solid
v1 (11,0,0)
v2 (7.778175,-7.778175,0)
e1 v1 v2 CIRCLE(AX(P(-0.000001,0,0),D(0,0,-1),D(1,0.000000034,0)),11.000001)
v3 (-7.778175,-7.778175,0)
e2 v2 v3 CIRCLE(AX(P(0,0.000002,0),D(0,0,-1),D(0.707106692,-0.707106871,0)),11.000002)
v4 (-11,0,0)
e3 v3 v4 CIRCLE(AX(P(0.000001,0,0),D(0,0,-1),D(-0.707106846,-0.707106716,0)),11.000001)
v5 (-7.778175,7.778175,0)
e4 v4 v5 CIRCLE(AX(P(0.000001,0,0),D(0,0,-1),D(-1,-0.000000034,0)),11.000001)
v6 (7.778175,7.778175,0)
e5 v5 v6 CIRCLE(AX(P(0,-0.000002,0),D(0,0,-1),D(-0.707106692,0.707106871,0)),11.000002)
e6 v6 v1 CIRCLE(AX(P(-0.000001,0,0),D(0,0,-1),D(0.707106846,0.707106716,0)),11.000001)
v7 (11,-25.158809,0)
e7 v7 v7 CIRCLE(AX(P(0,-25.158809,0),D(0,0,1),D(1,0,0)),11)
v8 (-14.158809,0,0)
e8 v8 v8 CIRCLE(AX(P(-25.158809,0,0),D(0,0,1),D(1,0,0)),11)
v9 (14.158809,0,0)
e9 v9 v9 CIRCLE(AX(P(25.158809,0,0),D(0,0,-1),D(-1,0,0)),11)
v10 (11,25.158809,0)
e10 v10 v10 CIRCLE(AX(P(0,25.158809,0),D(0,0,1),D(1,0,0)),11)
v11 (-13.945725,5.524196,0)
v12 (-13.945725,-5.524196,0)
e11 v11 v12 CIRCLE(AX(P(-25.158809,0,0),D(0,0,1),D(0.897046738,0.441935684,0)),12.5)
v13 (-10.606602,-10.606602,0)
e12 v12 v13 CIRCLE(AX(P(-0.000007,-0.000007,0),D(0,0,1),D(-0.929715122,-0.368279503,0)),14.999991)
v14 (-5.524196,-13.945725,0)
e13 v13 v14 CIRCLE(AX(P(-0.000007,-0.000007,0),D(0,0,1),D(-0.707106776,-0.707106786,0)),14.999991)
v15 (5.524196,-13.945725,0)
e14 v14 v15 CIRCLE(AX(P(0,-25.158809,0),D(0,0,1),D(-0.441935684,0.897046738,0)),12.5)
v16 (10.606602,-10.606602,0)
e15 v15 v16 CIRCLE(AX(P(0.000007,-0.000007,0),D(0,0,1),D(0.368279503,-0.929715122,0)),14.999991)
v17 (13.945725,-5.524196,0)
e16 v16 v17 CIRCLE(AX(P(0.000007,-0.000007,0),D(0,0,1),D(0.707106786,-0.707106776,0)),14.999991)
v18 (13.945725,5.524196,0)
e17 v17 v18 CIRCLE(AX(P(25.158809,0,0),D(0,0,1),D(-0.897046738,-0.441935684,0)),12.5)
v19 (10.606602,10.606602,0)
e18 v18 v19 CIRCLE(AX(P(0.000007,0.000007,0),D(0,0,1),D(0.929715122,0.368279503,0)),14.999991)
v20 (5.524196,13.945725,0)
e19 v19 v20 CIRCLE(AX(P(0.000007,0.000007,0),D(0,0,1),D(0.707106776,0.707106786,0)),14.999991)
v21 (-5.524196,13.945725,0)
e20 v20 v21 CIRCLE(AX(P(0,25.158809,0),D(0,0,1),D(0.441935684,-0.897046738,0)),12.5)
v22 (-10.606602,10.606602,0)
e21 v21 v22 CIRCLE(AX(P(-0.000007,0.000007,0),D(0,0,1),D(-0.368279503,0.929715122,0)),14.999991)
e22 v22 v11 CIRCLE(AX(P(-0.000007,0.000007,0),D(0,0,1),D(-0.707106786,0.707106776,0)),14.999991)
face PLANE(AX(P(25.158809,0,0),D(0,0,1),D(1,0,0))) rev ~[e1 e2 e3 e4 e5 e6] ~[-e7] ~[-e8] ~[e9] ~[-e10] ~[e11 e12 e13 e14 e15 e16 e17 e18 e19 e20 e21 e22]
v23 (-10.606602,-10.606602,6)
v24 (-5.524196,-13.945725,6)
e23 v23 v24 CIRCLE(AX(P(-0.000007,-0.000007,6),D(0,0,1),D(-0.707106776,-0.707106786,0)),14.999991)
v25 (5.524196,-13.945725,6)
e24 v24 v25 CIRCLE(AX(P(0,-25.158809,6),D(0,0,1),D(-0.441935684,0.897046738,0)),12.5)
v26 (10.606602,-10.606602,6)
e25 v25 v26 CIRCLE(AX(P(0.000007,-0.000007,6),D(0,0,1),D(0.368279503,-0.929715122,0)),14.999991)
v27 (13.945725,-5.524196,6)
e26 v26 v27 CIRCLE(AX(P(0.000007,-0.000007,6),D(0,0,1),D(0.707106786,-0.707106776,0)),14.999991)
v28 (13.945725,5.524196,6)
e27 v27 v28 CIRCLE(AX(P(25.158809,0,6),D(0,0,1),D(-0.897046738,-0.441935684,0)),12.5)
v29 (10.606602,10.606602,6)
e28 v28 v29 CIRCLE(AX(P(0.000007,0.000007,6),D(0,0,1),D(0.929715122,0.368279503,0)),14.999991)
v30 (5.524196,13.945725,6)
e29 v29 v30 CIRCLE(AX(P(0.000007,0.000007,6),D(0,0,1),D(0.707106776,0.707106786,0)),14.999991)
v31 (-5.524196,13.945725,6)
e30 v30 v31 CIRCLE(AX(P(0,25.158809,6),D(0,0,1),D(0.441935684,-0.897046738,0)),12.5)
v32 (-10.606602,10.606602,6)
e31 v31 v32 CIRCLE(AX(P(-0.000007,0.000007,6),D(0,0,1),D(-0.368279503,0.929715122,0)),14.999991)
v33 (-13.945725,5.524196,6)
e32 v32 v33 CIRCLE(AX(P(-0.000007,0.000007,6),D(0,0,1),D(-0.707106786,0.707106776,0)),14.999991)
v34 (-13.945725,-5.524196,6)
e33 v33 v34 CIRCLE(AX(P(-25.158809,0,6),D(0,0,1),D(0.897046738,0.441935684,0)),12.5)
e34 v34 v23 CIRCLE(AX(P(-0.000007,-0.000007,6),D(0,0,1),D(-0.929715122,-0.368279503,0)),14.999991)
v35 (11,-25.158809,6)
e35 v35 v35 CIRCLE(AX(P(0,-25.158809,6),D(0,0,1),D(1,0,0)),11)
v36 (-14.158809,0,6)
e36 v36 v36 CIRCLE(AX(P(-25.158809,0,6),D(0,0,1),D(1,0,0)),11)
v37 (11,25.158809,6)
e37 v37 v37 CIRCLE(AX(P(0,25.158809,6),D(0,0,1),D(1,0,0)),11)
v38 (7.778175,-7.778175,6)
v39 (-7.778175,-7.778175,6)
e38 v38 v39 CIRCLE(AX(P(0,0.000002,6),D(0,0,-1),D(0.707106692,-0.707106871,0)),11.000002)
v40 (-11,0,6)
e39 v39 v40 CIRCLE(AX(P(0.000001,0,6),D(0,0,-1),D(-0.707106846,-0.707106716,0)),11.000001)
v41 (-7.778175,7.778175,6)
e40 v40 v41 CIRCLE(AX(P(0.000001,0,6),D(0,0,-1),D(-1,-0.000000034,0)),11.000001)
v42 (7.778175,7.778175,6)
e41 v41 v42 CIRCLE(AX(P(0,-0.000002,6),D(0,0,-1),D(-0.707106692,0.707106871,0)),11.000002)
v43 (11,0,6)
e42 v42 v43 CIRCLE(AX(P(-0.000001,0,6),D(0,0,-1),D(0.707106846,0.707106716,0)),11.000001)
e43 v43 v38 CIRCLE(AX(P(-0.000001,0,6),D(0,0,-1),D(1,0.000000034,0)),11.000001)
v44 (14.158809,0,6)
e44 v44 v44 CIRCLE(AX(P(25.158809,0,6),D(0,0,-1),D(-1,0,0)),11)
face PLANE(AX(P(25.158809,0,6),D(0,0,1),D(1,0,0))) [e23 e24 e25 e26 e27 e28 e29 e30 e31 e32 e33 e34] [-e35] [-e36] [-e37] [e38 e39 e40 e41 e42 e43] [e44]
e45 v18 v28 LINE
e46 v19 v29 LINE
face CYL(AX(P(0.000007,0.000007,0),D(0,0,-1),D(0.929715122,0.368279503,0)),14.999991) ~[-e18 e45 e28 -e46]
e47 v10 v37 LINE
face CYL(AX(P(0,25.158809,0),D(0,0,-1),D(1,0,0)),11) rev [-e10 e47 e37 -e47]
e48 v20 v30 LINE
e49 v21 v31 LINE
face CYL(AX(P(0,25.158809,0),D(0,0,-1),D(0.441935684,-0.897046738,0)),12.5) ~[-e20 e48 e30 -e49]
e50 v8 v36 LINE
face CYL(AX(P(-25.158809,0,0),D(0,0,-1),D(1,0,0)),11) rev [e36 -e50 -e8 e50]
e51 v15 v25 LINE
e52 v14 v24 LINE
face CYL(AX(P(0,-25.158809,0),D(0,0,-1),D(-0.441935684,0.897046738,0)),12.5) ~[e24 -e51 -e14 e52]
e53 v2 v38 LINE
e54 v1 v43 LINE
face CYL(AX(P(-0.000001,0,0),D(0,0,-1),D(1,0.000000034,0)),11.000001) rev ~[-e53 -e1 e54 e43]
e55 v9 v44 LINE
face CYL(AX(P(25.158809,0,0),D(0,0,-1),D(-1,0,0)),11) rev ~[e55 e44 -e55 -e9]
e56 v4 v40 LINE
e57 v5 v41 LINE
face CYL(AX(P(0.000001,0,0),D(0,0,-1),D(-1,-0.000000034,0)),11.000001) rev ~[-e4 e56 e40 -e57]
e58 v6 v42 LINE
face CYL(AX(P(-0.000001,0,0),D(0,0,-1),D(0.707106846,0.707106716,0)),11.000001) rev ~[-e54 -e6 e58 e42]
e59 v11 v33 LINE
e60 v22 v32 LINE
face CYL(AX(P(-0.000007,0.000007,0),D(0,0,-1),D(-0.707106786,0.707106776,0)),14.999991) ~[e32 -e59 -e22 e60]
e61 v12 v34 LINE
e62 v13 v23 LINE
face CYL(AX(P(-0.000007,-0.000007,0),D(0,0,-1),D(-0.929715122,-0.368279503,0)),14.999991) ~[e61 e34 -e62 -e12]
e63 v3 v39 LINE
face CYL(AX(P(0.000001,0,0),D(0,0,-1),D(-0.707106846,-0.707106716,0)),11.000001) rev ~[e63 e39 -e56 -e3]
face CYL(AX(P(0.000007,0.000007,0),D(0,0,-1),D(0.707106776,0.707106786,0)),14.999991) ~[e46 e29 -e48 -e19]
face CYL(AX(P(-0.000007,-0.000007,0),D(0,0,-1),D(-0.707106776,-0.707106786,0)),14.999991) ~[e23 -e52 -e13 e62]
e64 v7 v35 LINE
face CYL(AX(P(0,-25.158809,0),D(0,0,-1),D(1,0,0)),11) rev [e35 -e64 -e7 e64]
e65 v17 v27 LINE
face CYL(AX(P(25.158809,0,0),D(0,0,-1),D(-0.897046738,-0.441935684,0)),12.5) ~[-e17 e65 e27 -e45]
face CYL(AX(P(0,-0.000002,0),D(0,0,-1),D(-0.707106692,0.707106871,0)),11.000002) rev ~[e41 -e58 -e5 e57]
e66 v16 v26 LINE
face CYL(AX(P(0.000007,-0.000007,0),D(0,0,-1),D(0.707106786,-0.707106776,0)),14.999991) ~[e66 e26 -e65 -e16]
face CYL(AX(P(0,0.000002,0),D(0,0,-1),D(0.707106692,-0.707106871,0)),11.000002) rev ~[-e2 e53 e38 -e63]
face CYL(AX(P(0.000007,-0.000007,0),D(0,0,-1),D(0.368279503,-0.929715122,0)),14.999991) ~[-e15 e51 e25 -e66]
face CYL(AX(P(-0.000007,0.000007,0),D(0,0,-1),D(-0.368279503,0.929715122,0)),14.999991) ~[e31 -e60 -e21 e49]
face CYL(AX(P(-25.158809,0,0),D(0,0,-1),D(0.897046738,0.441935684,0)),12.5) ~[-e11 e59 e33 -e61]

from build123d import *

# Parameters (mm, degrees)
F0_R     = 11
F1_DEPTH = 6


with BuildPart() as f1:
    # F0 (on Top) → F1 (new body)
    with BuildSketch(Plane.XY):
        with BuildLine():
            ThreePointArc((36.158809, 0), (25.158809, 11), (14.158809, 0))
            ThreePointArc((14.158809, 0), (25.158809, -11), (36.158809, 0))
        make_face()
        with Locations((-25.158809, 0)):
            Circle(F0_R)
        with BuildLine():
            ThreePointArc((5.524196, 13.945725), (0, 37.658809), (-5.524196, 13.945725))
            ThreePointArc((-5.524196, 13.945725), (-8.236389, 12.536423), (-10.606602, 10.606602))
            ThreePointArc((-10.606602, 10.606602), (-12.536423, 8.236389), (-13.945725, 5.524196))
            ThreePointArc((-13.945725, 5.524196), (-37.658809, 0), (-13.945725, -5.524196))
            ThreePointArc((-13.945725, -5.524196), (-12.536423, -8.236389), (-10.606602, -10.606602))
            ThreePointArc((-10.606602, -10.606602), (-8.236389, -12.536423), (-5.524196, -13.945725))
            ThreePointArc((-5.524196, -13.945725), (0, -37.658809), (5.524196, -13.945725))
            ThreePointArc((5.524196, -13.945725), (8.236389, -12.536423), (10.606602, -10.606602))
            ThreePointArc((10.606602, -10.606602), (12.536423, -8.236389), (13.945725, -5.524196))
            ThreePointArc((13.945725, -5.524196), (37.658809, 0), (13.945725, 5.524196))
            ThreePointArc((13.945725, 5.524196), (12.536423, 8.236389), (10.606602, 10.606602))
            ThreePointArc((10.606602, 10.606602), (8.236389, 12.536423), (5.524196, 13.945725))
        make_face()
        with Locations((0, -25.158809)):
            Circle(F0_R, mode=Mode.SUBTRACT)
        with Locations((-25.158809, 0)):
            Circle(F0_R, mode=Mode.SUBTRACT)
        with BuildLine():
            ThreePointArc((-7.778175, 7.778175), (0, 11), (7.778175, 7.778175))
            ThreePointArc((7.778175, 7.778175), (10.162675, 4.209518), (11, 0))
            ThreePointArc((11, 0), (10.162675, -4.209518), (7.778175, -7.778175))
            ThreePointArc((7.778175, -7.778175), (0, -11), (-7.778175, -7.778175))
            ThreePointArc((-7.778175, -7.778175), (-10.162675, -4.209518), (-11, 0))
            ThreePointArc((-11, 0), (-10.162675, 4.209518), (-7.778175, 7.778175))
        make_face(mode=Mode.SUBTRACT)
        with BuildLine():
            ThreePointArc((36.158809, 0), (25.158809, -11), (14.158809, 0))
            ThreePointArc((14.158809, 0), (25.158809, 11), (36.158809, 0))
        make_face(mode=Mode.SUBTRACT)
        with Locations((0, 25.158809)):
            Circle(F0_R, mode=Mode.SUBTRACT)
    extrude(amount=F1_DEPTH)


solid = f1.part
